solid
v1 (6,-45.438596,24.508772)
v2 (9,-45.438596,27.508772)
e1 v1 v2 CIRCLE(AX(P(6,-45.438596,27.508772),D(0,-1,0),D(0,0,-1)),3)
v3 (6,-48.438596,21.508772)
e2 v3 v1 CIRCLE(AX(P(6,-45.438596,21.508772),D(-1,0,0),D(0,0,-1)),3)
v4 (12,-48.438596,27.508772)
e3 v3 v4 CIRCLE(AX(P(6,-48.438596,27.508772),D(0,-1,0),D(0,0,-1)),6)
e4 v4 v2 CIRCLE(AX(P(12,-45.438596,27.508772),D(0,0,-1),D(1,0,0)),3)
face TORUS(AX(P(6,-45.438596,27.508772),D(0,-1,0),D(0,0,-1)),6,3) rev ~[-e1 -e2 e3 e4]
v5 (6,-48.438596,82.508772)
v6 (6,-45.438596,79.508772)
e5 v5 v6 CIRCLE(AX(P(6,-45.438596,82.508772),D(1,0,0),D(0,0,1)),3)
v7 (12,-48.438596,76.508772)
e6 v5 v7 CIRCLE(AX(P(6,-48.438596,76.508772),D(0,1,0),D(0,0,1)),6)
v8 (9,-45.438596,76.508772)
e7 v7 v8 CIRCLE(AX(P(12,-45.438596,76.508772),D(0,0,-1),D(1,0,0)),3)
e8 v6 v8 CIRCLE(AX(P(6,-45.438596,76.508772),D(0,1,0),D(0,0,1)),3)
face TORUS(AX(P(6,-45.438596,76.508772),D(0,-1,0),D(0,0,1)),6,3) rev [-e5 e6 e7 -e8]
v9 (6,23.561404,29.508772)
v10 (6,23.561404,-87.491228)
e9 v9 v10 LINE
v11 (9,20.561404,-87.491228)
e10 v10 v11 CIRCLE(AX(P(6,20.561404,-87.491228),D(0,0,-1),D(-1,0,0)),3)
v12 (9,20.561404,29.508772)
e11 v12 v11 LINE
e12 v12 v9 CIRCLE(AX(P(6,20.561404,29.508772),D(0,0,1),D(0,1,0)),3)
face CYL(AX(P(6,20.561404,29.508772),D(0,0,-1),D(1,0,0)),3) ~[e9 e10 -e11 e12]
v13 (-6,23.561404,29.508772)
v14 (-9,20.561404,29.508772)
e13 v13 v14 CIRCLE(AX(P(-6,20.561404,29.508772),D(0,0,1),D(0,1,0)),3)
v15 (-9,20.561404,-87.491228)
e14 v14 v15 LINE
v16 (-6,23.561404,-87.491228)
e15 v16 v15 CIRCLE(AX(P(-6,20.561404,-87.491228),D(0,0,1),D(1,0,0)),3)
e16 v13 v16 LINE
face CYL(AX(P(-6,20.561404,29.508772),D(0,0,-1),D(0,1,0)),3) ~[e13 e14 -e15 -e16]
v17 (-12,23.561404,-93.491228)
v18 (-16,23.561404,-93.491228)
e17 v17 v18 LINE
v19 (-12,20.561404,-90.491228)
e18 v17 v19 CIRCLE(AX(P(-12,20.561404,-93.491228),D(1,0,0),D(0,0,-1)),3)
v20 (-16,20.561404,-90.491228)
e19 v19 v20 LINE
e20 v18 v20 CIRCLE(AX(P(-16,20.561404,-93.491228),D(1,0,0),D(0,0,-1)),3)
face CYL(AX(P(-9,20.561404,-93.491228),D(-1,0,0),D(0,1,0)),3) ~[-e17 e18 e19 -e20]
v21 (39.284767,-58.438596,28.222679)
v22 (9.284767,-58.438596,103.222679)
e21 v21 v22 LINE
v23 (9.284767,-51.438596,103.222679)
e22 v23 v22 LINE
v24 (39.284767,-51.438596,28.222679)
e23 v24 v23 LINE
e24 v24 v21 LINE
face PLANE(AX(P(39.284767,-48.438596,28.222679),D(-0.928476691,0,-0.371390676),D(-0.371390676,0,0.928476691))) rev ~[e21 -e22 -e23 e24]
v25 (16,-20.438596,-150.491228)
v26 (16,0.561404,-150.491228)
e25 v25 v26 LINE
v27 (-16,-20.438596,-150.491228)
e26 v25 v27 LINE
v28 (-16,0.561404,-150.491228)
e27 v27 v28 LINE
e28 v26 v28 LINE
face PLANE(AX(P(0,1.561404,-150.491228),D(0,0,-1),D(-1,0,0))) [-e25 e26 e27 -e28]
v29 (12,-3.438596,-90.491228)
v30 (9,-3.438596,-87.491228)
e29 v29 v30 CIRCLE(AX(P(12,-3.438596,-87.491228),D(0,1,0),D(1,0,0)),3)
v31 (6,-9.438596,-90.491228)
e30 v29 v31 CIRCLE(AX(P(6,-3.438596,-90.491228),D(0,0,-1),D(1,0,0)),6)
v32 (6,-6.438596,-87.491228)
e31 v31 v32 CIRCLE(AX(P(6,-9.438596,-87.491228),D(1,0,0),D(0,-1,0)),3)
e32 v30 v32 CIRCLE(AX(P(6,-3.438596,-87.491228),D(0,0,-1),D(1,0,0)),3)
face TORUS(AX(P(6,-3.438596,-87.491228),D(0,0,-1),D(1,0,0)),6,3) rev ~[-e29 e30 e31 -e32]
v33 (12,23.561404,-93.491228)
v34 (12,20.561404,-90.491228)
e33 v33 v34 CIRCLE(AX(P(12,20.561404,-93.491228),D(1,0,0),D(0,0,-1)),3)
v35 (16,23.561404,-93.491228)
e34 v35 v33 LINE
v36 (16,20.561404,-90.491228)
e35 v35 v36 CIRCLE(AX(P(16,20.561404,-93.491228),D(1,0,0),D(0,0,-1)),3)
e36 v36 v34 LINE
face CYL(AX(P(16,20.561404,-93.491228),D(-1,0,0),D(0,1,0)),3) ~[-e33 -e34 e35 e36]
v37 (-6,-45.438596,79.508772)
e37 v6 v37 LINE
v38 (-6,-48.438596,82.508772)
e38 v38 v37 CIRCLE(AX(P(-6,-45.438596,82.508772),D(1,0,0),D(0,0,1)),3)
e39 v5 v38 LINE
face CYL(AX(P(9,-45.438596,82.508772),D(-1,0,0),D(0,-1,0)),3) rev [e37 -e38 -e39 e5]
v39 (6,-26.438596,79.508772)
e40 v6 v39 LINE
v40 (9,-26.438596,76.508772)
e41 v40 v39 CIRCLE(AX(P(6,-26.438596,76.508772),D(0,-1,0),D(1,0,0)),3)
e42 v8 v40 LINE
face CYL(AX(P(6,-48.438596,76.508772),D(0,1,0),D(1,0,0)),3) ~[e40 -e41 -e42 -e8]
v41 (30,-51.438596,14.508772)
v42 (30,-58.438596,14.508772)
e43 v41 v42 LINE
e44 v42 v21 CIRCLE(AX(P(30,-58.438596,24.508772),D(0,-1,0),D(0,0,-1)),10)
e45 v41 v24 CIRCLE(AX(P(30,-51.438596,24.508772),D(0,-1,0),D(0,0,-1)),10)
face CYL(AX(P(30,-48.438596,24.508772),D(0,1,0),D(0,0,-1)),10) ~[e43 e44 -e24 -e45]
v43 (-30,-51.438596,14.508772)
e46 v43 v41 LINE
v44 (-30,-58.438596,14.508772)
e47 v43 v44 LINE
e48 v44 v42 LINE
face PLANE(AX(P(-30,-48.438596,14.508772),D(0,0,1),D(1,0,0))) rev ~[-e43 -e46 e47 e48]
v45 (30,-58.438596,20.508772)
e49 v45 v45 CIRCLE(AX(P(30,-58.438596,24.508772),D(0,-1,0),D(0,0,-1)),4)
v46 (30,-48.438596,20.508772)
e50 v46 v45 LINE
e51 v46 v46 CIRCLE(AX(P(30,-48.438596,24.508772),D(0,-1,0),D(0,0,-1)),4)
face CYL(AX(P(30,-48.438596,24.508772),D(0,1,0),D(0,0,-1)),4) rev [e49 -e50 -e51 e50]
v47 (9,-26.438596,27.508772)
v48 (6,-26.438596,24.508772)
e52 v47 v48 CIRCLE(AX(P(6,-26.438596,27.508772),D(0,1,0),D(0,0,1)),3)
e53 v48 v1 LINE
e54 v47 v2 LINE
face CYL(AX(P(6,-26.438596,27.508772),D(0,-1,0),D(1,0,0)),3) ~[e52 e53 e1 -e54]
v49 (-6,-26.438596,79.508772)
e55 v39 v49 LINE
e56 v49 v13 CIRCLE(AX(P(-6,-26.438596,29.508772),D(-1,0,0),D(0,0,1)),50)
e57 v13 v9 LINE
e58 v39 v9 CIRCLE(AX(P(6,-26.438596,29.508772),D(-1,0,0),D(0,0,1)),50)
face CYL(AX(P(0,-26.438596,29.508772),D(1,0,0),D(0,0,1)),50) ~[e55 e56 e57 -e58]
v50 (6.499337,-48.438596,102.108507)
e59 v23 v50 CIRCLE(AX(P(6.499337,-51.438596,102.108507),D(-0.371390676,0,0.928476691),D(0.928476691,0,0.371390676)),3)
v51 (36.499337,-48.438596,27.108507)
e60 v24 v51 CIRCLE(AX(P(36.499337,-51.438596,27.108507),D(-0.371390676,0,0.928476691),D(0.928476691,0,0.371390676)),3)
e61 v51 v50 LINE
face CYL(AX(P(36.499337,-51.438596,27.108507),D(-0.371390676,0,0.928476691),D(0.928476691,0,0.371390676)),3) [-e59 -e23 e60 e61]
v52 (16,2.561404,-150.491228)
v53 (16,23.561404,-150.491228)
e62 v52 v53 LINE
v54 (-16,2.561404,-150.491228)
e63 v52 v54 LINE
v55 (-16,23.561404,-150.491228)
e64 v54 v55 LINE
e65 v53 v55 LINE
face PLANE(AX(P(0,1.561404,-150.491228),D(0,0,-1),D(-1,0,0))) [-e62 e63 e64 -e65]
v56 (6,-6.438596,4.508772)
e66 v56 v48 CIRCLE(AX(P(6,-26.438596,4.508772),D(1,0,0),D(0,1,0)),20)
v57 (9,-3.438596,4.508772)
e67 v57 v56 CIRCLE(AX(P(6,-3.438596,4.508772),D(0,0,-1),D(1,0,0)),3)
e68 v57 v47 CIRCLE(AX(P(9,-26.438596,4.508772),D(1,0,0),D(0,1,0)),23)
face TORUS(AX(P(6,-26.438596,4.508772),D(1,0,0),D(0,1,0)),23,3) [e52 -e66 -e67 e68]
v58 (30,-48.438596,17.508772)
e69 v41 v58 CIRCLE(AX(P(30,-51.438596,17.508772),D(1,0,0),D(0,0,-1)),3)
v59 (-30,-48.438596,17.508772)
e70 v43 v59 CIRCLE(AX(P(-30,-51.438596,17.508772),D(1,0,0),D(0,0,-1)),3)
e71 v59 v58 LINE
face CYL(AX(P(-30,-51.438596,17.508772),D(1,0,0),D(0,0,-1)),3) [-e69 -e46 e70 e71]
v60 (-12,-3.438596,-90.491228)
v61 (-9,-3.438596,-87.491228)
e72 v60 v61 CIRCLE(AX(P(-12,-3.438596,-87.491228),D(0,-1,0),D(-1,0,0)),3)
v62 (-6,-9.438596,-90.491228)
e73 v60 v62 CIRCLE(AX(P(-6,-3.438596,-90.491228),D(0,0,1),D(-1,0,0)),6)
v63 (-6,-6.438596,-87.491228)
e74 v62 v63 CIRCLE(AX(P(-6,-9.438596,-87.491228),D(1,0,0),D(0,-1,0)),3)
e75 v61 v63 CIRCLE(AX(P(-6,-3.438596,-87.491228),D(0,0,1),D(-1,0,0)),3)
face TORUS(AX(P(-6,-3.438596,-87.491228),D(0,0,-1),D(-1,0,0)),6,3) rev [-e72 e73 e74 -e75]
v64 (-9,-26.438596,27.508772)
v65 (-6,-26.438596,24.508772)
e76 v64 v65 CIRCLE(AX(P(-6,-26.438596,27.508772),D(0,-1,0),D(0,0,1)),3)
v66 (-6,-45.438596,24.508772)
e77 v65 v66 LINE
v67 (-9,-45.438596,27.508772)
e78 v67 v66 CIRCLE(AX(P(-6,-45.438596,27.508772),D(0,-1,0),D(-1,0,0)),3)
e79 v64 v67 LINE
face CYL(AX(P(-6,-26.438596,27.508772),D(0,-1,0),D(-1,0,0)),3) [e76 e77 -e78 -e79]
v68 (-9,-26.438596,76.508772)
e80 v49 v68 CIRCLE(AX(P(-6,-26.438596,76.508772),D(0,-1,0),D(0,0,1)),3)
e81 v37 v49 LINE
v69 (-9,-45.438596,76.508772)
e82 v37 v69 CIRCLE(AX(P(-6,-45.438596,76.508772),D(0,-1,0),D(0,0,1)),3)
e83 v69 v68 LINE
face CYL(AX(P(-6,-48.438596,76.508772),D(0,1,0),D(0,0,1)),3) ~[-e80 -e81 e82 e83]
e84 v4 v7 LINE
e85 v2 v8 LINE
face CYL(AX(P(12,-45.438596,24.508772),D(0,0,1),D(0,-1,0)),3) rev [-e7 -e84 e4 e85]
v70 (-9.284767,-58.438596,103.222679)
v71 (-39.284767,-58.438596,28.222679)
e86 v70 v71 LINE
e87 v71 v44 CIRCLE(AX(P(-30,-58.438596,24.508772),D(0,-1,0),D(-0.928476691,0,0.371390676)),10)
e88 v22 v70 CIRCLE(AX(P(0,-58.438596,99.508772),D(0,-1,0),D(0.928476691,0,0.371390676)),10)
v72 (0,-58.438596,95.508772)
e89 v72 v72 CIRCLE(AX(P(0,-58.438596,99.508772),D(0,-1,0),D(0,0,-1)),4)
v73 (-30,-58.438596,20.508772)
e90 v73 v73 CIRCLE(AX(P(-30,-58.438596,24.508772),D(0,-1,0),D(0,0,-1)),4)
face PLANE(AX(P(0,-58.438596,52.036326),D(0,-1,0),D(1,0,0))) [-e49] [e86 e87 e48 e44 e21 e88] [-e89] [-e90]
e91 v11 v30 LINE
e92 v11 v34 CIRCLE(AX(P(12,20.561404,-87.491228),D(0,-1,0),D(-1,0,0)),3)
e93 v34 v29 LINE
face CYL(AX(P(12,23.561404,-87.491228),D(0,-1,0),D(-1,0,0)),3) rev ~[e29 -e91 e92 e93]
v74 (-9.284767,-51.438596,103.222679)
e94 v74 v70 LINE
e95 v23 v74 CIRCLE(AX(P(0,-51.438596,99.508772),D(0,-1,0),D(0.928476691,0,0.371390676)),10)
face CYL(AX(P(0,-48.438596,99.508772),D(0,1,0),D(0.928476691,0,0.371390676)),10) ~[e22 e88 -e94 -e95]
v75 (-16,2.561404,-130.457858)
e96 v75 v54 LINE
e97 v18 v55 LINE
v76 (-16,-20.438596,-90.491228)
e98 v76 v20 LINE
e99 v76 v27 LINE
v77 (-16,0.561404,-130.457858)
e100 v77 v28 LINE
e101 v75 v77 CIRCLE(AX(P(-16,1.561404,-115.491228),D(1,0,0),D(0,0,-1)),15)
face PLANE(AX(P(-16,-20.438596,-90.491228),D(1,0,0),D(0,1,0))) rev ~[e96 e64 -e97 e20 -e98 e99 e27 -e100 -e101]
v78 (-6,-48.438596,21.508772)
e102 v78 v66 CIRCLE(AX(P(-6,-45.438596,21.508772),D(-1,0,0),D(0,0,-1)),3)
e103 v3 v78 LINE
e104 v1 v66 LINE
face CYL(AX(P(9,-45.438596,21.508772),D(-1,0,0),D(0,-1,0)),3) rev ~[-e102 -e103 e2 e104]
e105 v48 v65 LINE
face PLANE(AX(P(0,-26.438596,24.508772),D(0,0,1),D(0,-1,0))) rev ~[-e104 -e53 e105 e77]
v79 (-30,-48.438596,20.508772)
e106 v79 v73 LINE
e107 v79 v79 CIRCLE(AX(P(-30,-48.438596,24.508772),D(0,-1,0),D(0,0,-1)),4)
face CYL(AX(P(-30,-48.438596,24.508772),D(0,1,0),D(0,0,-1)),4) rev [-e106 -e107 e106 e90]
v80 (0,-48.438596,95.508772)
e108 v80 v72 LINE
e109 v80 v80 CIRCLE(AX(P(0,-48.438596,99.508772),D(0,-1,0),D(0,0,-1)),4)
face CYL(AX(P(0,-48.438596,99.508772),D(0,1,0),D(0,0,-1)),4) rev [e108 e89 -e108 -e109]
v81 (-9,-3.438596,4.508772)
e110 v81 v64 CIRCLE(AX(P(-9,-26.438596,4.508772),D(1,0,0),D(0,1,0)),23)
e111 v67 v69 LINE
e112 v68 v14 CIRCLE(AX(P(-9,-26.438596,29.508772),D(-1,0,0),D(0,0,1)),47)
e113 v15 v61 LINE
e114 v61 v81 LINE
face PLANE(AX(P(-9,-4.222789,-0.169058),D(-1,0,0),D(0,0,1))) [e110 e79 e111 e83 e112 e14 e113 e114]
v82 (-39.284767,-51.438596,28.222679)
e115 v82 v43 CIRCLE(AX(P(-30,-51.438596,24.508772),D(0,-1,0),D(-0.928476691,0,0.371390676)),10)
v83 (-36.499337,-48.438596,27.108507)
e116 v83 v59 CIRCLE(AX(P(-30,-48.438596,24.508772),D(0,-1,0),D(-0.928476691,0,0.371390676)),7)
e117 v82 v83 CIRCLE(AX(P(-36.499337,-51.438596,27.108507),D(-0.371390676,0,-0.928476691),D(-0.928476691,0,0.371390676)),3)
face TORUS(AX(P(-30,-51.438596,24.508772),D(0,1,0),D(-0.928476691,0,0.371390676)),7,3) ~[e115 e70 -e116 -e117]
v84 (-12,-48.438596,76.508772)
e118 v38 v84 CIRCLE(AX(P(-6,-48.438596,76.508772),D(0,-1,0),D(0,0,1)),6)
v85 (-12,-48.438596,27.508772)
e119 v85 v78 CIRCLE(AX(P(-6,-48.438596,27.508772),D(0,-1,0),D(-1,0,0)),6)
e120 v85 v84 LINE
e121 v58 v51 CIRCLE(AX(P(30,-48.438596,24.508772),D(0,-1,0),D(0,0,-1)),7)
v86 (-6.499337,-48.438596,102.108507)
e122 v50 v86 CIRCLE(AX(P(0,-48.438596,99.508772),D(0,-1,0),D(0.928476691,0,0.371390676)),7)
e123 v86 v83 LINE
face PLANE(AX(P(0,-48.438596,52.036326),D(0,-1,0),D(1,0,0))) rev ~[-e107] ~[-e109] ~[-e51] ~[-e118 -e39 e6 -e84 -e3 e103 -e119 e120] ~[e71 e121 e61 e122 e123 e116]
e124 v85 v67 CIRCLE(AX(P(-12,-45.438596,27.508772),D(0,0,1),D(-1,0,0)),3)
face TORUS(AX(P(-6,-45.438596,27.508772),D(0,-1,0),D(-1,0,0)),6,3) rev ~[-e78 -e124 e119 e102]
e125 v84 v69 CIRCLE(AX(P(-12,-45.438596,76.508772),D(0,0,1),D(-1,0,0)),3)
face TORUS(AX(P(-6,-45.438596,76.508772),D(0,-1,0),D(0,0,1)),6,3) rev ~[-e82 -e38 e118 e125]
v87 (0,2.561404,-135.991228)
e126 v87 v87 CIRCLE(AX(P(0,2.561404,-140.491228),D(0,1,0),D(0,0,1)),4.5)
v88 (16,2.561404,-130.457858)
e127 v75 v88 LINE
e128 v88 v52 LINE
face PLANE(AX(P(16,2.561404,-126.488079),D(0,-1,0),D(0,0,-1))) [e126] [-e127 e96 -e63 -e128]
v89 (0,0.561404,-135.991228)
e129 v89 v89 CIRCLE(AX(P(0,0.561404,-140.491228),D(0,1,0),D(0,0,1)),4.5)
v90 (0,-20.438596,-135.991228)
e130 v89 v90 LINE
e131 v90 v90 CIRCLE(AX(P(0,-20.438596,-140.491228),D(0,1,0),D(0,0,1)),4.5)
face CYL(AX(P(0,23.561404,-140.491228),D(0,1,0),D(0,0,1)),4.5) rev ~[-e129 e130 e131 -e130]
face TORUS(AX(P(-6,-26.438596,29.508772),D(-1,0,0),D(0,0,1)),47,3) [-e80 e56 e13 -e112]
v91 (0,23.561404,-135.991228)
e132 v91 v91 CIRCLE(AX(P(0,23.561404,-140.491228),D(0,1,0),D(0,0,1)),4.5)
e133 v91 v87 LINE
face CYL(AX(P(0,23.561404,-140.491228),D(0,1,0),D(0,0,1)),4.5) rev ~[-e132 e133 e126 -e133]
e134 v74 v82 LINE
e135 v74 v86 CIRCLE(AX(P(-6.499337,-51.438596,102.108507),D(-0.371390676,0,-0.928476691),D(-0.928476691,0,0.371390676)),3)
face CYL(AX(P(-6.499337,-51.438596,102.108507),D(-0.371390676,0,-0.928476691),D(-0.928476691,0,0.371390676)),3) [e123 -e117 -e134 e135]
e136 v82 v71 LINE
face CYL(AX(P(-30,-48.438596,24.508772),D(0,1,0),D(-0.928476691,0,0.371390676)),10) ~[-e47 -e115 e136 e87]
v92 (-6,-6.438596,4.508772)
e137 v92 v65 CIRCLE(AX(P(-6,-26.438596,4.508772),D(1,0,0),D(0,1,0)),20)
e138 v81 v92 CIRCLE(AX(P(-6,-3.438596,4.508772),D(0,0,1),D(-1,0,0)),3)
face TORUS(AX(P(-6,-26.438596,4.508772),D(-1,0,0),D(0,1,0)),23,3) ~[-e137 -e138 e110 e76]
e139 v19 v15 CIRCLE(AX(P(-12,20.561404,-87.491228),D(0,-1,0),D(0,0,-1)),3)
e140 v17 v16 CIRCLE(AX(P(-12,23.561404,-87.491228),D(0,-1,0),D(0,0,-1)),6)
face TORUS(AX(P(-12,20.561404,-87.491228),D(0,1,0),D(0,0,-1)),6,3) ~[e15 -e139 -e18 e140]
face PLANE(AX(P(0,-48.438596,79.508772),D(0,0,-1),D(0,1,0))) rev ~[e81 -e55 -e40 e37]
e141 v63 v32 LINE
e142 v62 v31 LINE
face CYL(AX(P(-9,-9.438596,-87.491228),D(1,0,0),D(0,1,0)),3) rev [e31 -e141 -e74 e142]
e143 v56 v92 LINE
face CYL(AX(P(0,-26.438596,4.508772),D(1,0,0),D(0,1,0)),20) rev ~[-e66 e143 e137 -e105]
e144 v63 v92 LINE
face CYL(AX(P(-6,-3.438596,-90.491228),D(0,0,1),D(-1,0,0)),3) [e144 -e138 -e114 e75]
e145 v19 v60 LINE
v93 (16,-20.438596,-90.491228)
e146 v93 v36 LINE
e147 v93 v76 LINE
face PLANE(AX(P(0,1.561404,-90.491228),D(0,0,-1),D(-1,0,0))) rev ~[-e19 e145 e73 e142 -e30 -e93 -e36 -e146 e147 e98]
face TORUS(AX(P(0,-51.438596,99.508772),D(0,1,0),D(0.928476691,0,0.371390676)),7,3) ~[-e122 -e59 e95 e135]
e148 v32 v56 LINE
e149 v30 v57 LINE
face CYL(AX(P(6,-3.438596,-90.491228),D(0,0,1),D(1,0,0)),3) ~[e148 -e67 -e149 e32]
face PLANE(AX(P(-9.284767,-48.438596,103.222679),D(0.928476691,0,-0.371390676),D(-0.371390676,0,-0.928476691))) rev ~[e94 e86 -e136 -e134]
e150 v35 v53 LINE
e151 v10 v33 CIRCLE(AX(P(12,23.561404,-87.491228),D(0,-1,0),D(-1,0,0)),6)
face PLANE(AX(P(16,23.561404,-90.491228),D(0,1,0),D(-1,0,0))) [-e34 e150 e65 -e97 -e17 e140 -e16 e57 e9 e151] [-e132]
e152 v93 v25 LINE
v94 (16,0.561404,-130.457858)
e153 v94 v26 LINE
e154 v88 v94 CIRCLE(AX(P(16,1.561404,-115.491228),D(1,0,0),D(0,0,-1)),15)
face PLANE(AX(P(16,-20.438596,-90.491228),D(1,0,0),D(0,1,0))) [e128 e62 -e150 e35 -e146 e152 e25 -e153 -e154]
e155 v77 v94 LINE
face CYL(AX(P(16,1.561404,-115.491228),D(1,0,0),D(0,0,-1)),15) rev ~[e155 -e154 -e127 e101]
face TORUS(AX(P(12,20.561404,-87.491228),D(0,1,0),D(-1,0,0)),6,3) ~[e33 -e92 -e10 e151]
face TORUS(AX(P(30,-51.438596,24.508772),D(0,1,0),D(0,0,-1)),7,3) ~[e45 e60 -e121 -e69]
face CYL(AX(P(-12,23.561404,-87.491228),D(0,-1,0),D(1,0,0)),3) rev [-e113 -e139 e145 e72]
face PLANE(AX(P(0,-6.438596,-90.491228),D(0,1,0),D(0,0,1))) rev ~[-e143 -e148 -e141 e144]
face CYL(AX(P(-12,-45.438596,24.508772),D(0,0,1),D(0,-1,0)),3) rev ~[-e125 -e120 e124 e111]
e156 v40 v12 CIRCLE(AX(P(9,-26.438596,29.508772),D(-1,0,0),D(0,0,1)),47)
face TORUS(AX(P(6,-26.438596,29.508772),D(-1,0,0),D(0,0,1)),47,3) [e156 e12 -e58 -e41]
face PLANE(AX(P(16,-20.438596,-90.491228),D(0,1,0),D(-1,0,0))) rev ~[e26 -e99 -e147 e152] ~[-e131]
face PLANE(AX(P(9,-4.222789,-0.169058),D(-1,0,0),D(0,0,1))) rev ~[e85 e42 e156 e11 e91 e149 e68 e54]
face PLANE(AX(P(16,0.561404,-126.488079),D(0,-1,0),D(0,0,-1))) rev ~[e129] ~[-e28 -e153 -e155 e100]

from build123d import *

# Parameters (mm, degrees)
BOSS_EXTRUDE1_DEPTH = 9
SKETCH2_W           = 32
SKETCH2_H           = 44
BOSS_EXTRUDE2_DEPTH = 60
SKETCH3_R           = 15
CUT_EXTRUDE1_DEPTH  = 60
SKETCH4_W           = 34.378885512
SKETCH4_H           = 2
CUT_EXTRUDE2_DEPTH  = 162.300673762
SKETCH5_R           = 4.5
CUT_EXTRUDE3_DEPTH  = 168.593584979
SKETCH6_R           = 4
BOSS_EXTRUDE3_DEPTH = 10
FILLET1_R           = 3


with BuildPart() as part:
    # Sketch1 → Boss-Extrude1 (new, symmetric)
    with BuildSketch(Plane(origin=(0, 0, 0), x_dir=(0, 0, -1), z_dir=(1, 0, 0))):
        with BuildLine():
            Line((90.49122807, -6.438596491), (-4.50877193, -6.438596491))
            ThreePointArc((-4.50877193, -6.438596491), (-18.650907554, -12.296460867), (-24.50877193, -26.438596491))
            Line((-24.50877193, -26.438596491), (-24.50877193, -48.438596491))
            Line((-24.50877193, -48.438596491), (-79.50877193, -48.438596491))
            Line((-79.50877193, -48.438596491), (-79.50877193, -37.438596491))
            Line((-79.50877193, -37.438596491), (-79.50877193, -26.438596491))
            ThreePointArc((-79.50877193, -26.438596491), (-64.864110989, 8.916742568), (-29.50877193, 23.561403509))
            Line((-29.50877193, 23.561403509), (90.49122807, 23.561403509))
            Line((90.49122807, 23.561403509), (90.49122807, -6.438596491))
        make_face()
    extrude(amount=BOSS_EXTRUDE1_DEPTH, both=True)

    # Sketch2 → Boss-Extrude2 (add)
    with BuildSketch(Plane(origin=(0, 0, -90.49122807), x_dir=(-1, 0, 0), z_dir=(0, 0, -1))):
        with Locations((0, 1.561403509)):
            Rectangle(SKETCH2_W, SKETCH2_H)
    extrude(amount=BOSS_EXTRUDE2_DEPTH)

    # Sketch3 → Cut-Extrude1 (cut)
    with BuildSketch(Plane(origin=(16, 0, 0), x_dir=(0, 0, -1), z_dir=(1, 0, 0))):
        with Locations((115.49122807, 1.561403509)):
            Circle(SKETCH3_R)
    extrude(amount=-CUT_EXTRUDE1_DEPTH, mode=Mode.SUBTRACT)

    # Sketch4 → Cut-Extrude2 (cut, through all)
    with BuildSketch(Plane(origin=(16, 0, 0), x_dir=(0, 0, -1), z_dir=(1, 0, 0))):
        with Locations((143.677522108, 1.561403509)):
            Rectangle(SKETCH4_W, SKETCH4_H)
    extrude(amount=-CUT_EXTRUDE2_DEPTH, mode=Mode.SUBTRACT)

    # Sketch5 → Cut-Extrude3 (cut, through all)
    with BuildSketch(Plane(origin=(0, 23.561403509, 0), x_dir=(1, 0, 0), z_dir=(0, 1, 0))):
        with Locations(Location((0, 140.49122807, 0), (0, 0, 270))):
            Circle(SKETCH5_R)
    extrude(amount=-CUT_EXTRUDE3_DEPTH, mode=Mode.SUBTRACT)

    # Sketch6 → Boss-Extrude3 (add)
    with BuildSketch(Plane.XZ.offset(48.438596491)):
        with BuildLine():
            Line((-30, 14.50877193), (30, 14.50877193))
            ThreePointArc((30, 14.50877193), (38.280672305, 18.902483837), (39.284766909, 28.222678693))
            Line((39.284766909, 28.222678693), (9.284766909, 103.222678693))
            ThreePointArc((9.284766909, 103.222678693), (0, 109.50877193), (-9.284766909, 103.222678693))
            Line((-9.284766909, 103.222678693), (-39.284766909, 28.222678693))
            ThreePointArc((-39.284766909, 28.222678693), (-38.280672305, 18.902483837), (-30, 14.50877193))
        make_face()
        with Locations(Location((30, 24.50877193, 0), (0, 0, 270))):
            Circle(SKETCH6_R, mode=Mode.SUBTRACT)
        with Locations(Location((-30, 24.50877193, 0), (0, 0, 270))):
            Circle(SKETCH6_R, mode=Mode.SUBTRACT)
        with Locations(Location((0, 99.50877193, 0), (0, 0, 270))):
            Circle(SKETCH6_R, mode=Mode.SUBTRACT)
    extrude(amount=BOSS_EXTRUDE3_DEPTH)

    # Fillet1
    fillet1_edges = [part.edges().sort_by_distance(p)[0] for p in [
        (9, 8.916742568, 64.864110989),
        (-9, -37.438596491, 79.50877193),
        (-9, 8.916742568, 64.864110989),
        (-9, 23.561403509, -30.49122807),
        (-9, 8.561403509, -90.49122807),
        (-38.280672305, -48.438596491, 18.902483837),
        (0, -48.438596491, 14.50877193),
        (38.280672305, -48.438596491, 18.902483837),
        (24.284766909, -48.438596491, 65.722678693),
        (0, -48.438596491, 109.50877193),
        (-24.284766909, -48.438596491, 65.722678693),
        (9, -37.438596491, 79.50877193),
        (0, -6.438596491, -90.49122807),
        (0, -48.438596491, 24.50877193),
        (0, -48.438596491, 79.50877193),
        (9, -48.438596491, 52.00877193),
        (9, -37.438596491, 24.50877193),
        (9, -12.296460867, 18.650907554),
        (9, -6.438596491, -42.99122807),
        (-12.5, 23.561403509, -90.49122807),
        (12.5, 23.561403509, -90.49122807),
        (9, 8.561403509, -90.49122807),
        (9, 23.561403509, -30.49122807),
        (-9, -6.438596491, -42.99122807),
        (-9, -12.296460867, 18.650907554),
        (-9, -37.438596491, 24.50877193),
        (-9, -48.438596491, 52.00877193),
    ]]
    fillet(fillet1_edges, radius=FILLET1_R)


solid = part.part
